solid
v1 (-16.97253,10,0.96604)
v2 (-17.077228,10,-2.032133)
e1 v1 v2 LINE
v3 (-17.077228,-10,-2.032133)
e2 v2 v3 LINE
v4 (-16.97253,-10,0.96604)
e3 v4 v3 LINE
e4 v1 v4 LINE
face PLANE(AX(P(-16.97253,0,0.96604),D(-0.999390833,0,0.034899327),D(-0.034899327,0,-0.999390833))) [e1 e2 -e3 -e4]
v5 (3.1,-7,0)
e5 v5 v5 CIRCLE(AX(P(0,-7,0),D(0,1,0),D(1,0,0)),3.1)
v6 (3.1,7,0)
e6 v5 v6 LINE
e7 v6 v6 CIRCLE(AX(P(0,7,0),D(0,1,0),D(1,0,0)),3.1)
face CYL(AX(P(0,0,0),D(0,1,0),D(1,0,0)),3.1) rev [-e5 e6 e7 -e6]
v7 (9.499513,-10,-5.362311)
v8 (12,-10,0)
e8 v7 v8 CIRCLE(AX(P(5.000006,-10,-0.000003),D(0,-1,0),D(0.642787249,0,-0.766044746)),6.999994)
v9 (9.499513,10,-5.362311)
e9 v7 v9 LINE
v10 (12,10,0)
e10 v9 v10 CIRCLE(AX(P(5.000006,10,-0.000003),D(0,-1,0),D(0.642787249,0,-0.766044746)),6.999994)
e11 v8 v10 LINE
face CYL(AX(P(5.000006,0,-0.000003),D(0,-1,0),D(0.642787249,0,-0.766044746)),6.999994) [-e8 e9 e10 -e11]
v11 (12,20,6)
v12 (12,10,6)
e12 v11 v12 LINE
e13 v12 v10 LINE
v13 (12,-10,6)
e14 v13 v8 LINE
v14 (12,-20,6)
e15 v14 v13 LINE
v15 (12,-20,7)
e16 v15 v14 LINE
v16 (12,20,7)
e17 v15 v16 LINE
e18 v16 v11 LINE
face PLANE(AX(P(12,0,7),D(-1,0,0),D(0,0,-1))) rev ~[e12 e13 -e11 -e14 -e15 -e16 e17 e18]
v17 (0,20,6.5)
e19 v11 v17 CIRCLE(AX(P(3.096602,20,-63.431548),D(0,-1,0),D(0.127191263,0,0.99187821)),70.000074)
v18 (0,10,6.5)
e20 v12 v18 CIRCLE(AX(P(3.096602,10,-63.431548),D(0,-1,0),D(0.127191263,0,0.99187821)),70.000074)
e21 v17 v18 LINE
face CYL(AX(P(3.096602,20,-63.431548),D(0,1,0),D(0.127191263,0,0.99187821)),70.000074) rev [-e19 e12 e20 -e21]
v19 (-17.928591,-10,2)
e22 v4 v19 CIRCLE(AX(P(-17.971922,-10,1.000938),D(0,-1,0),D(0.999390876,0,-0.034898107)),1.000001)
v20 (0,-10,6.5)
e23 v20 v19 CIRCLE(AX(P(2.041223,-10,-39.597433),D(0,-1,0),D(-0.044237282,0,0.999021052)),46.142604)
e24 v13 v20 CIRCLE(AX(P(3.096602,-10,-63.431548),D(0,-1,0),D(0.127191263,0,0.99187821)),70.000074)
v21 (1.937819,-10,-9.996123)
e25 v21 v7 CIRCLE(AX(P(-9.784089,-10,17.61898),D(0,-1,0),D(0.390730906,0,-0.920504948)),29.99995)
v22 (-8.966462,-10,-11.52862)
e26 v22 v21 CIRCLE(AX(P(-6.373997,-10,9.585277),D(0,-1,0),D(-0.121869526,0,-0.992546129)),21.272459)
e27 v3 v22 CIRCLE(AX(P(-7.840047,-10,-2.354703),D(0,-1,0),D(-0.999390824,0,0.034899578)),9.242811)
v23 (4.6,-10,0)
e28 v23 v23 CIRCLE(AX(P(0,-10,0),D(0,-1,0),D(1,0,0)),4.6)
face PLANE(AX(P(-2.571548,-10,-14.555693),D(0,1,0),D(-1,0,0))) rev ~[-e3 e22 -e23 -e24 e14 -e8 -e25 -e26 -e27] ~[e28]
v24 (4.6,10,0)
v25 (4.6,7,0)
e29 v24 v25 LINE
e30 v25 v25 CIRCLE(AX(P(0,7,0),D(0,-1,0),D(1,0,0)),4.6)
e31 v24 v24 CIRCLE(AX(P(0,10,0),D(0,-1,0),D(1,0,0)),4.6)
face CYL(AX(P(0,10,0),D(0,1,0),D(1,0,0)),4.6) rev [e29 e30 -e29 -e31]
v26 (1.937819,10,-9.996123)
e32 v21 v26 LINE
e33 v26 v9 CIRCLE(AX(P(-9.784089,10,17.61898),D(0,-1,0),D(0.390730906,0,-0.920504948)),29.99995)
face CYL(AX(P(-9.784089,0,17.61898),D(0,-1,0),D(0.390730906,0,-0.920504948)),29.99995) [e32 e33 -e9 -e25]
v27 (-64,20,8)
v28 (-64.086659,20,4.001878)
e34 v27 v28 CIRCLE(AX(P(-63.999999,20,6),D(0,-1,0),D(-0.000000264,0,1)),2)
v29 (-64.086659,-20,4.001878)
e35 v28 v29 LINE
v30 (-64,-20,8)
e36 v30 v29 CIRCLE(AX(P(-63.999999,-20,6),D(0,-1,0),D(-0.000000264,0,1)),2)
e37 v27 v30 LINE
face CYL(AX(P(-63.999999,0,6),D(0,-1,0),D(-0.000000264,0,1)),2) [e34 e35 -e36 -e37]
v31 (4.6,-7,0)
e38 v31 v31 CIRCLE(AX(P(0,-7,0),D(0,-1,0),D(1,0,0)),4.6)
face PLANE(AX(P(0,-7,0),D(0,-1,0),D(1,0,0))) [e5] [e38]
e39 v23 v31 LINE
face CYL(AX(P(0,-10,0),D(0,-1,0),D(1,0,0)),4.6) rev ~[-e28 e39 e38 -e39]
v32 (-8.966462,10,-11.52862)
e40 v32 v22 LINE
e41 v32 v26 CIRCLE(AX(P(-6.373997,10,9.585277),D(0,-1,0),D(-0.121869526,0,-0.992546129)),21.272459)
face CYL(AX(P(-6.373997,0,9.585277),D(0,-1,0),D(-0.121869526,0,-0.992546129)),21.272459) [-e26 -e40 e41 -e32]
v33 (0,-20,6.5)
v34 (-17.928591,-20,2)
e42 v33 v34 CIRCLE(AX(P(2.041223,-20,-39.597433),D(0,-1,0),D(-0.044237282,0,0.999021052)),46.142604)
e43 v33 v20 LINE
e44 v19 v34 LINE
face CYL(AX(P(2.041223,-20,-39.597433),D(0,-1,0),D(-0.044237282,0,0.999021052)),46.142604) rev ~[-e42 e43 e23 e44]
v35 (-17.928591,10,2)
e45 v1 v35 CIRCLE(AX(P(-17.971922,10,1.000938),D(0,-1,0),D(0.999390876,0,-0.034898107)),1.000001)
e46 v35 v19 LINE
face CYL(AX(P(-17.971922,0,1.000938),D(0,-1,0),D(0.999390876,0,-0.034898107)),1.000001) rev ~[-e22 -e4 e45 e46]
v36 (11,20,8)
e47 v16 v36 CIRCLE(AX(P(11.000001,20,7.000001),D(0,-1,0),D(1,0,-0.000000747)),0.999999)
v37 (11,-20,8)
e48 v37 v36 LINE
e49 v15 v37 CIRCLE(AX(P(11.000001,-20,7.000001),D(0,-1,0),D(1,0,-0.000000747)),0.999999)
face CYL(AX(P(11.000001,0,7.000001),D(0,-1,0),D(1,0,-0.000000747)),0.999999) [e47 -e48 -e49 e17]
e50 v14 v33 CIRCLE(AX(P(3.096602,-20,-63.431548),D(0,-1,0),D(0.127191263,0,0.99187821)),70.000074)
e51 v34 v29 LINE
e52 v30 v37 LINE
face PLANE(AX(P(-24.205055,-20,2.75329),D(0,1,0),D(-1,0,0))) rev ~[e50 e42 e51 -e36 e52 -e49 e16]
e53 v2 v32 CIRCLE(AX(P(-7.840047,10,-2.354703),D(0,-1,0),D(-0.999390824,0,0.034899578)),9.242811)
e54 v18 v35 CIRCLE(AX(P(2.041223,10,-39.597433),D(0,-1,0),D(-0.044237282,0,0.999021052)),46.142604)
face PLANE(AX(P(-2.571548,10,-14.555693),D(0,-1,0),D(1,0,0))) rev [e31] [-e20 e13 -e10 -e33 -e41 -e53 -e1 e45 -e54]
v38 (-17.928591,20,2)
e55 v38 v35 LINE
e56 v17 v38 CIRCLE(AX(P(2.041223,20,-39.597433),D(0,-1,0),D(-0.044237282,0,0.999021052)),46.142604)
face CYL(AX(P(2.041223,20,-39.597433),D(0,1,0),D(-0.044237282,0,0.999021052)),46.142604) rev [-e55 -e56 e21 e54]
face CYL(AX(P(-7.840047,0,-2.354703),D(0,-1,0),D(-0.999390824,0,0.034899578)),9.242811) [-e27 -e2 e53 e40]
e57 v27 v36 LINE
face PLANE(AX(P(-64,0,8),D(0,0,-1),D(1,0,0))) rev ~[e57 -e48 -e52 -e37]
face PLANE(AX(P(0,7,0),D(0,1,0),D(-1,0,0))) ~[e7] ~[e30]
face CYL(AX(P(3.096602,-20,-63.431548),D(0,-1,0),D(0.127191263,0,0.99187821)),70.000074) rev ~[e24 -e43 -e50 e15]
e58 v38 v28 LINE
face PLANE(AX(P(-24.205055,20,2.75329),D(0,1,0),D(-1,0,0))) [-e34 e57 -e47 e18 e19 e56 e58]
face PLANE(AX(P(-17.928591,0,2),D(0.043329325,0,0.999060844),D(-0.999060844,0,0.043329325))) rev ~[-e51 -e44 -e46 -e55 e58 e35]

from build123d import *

# Parameters (mm, degrees)
SKETCH130_R     = 3.1
PAD039_DEPTH    = 20
POCKET048_DEPTH = 10
SKETCH131_R     = 4.6
POCKET047_DEPTH = 3


with BuildPart() as part:
    # Sketch130 → Pad039 (new body, symmetric)
    with BuildSketch(Plane.XZ):
        with BuildLine():
            Line((-64, 8), (11, 8))
            ThreePointArc((12, 7), (11.707107, 7.707107), (11, 8))
            Line((12, 7), (12, 0))
            ThreePointArc((9.499513, -5.362311), (11.344155, -2.958328), (12, 0))
            ThreePointArc((1.937819, -9.996123), (5.890842, -7.960183), (9.499513, -5.362311))
            ThreePointArc((-8.966462, -11.52862), (-3.413443, -11.48016), (1.937819, -9.996123))
            ThreePointArc((-17.077228, -2.032133), (-14.868336, -8.357429), (-8.966462, -11.52862))
            Line((-16.97253, 0.96604), (-17.077228, -2.032133))
            ThreePointArc((-16.97253, 0.96604), (-17.237697, 1.679846), (-17.928591, 2))
            Line((-17.928591, 2), (-64.086659, 4.001878))
            ThreePointArc((-64, 8), (-65.99953, 6.04334), (-64.086659, 4.001878))
        make_face()
        Circle(SKETCH130_R, mode=Mode.SUBTRACT)
    extrude(amount=PAD039_DEPTH, both=True)

    # Sketch133 → Pocket048 (cut)
    with BuildSketch(Plane.XZ.offset(20)):
        with BuildLine():
            Line((12, 6), (12, -34))
            Line((12, -34), (-17.928591, -34))
            Line((-17.928591, 2), (-17.928591, -34))
            ThreePointArc((0, 6.5), (-9.19194, 5.156963), (-17.928591, 2))
            ThreePointArc((12, 6), (6.010743, 6.507841), (0, 6.5))
        make_face()
    pocket048 = extrude(amount=-POCKET048_DEPTH, mode=Mode.SUBTRACT)

    # Sketch131 → Pocket047 (cut)
    with BuildSketch(Plane.XZ.offset(10)):
        Circle(SKETCH131_R)
    pocket047 = extrude(amount=-POCKET047_DEPTH, mode=Mode.SUBTRACT)

    # Mirrored009: Pocket047, Pocket048 across XZ
    add(pocket047.mirror(Plane.XZ), mode=Mode.SUBTRACT)
    add(pocket048.mirror(Plane.XZ), mode=Mode.SUBTRACT)


solid = part.part
